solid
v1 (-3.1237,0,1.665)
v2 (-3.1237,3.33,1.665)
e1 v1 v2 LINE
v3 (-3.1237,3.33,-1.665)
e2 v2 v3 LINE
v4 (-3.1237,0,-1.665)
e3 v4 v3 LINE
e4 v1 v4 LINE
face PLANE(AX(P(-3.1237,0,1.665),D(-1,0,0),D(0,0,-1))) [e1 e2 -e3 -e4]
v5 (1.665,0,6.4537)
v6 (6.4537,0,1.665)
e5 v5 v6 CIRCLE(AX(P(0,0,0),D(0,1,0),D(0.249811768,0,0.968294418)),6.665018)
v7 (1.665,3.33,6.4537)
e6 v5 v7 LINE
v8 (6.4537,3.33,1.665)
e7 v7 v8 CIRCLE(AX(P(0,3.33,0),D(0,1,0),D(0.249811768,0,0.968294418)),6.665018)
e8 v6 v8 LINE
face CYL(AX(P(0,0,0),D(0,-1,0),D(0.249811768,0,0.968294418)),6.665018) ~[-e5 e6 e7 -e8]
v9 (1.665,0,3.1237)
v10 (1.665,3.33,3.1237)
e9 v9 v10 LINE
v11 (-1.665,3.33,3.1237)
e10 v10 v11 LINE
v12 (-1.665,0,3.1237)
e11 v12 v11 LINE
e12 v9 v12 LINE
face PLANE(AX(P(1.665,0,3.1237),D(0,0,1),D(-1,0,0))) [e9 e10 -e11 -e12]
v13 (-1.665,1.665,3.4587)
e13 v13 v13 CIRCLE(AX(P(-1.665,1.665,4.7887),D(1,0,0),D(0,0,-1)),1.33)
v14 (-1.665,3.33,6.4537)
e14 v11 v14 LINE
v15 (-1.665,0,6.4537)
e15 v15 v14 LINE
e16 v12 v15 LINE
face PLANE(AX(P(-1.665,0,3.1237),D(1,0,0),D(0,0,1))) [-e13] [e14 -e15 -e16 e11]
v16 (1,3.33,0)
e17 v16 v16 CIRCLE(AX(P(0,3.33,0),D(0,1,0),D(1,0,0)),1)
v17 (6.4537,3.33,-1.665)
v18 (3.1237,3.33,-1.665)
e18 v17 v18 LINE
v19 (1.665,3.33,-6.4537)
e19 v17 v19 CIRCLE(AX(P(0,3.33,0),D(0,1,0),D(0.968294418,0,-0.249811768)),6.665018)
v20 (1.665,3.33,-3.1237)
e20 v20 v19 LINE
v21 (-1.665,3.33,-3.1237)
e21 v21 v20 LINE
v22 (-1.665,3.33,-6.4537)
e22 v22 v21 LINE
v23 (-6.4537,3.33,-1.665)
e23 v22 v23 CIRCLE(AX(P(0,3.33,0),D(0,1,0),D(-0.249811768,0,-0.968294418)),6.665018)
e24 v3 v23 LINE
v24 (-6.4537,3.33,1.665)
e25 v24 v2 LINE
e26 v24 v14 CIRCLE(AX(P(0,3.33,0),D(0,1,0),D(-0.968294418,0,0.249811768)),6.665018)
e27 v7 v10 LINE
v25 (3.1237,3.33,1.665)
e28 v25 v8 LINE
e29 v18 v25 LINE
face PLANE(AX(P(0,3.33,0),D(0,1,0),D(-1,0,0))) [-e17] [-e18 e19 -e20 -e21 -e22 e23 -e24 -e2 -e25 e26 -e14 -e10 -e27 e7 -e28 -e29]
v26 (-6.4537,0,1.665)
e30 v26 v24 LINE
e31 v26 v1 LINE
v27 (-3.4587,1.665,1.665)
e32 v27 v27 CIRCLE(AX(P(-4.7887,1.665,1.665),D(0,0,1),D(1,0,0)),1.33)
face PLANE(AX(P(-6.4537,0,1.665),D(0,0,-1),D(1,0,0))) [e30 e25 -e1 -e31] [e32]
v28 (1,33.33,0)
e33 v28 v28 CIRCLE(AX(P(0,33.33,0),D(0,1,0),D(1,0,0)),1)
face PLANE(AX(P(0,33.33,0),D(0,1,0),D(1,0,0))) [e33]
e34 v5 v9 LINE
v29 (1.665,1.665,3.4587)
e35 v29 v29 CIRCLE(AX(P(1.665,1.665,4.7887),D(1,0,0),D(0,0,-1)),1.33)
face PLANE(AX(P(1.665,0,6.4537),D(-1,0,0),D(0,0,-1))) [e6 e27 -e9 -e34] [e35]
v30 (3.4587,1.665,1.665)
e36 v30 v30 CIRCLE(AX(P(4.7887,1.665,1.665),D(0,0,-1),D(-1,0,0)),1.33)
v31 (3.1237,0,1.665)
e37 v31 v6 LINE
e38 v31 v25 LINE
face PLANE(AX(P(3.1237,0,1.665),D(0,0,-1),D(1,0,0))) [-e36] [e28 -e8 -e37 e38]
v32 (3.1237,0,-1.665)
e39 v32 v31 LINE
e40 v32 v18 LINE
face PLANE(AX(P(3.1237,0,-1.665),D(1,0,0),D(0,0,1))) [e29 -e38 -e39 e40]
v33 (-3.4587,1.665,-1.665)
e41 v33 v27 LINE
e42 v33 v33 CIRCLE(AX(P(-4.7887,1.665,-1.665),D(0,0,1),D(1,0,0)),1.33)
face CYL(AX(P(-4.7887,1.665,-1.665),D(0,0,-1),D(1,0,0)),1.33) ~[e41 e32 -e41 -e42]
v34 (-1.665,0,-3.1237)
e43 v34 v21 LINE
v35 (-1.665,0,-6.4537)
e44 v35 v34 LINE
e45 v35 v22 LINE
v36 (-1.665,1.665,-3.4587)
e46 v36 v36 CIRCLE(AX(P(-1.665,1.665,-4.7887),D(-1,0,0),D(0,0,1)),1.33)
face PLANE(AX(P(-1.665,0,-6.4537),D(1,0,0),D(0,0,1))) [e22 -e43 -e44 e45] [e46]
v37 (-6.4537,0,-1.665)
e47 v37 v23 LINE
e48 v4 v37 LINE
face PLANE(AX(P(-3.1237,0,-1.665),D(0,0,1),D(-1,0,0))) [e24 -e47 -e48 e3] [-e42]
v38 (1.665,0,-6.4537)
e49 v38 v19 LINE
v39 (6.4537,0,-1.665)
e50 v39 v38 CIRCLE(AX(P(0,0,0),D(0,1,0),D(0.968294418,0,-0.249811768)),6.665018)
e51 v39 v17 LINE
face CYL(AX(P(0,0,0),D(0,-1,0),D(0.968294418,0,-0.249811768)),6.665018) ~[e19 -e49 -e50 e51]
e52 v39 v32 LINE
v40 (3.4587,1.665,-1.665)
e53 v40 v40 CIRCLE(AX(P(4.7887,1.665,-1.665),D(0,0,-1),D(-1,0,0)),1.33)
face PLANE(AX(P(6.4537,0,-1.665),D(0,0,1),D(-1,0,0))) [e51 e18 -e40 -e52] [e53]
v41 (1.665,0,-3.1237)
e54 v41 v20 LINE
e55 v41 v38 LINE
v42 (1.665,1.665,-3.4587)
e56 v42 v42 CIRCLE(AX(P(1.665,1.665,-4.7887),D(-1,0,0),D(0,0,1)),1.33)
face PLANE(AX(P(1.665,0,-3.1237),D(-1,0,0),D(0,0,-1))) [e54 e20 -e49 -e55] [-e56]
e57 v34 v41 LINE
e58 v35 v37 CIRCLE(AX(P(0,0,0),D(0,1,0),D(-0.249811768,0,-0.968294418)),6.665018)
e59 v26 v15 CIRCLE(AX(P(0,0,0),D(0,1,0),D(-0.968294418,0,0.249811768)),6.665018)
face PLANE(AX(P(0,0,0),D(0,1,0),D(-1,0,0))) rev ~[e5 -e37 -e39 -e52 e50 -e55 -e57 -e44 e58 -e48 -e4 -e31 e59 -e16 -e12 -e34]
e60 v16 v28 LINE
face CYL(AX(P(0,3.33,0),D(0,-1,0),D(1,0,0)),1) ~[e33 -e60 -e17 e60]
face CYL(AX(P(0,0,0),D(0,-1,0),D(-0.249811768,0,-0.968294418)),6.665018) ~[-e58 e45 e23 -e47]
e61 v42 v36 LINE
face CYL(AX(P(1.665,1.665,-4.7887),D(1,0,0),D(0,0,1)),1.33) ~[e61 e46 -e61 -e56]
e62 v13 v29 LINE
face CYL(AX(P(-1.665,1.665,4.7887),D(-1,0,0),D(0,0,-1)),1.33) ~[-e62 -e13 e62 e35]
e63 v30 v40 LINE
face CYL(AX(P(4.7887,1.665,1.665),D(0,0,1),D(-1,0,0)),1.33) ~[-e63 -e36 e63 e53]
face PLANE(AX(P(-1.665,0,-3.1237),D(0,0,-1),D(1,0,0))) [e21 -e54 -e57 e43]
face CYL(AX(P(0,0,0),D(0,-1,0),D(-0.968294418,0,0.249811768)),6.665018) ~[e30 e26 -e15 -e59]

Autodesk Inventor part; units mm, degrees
ref_plane "YZ Plane" through (0, 0, 0) normal (1, 0, 0) x (0, 1, 0)
ref_plane "XZ Plane" through (0, 0, 0) normal (0, 1, 0) x (-1, 0, 0)
ref_plane "XY Plane" through (0, 0, 0) normal (0, 0, 1) x (1, 0, 0)
sketch "Sketch1" plane through (0, 0, 0) normal (0, 1, 0) x (-1, 0, 0)
  line L0 (0, 6.665) -> (0, 4.1495) construction
  line L1 (0, 4.1495) -> (0, 0) construction
  line L2 (-1.665, 6.4537) -> (-1.665, 3.1237)
  line L3 (-1.665, 3.1237) -> (1.665, 3.1237)
  line L4 (1.665, 3.1237) -> (1.665, 6.4537)
  line L5 (1.665, 6.4537) -> (-1.665, 3.1237) construction
  line L6 (-1.665, 6.4537) -> (1.665, 3.1237) construction
  line L7 (-6.665, 0) -> (-4.1495, 0) construction
  line L8 (-4.1495, 0) -> (0, 0) construction
  line L9 (-6.4537, -1.665) -> (-3.1237, -1.665)
  line L10 (-3.1237, -1.665) -> (-3.1237, 1.665)
  line L11 (-3.1237, 1.665) -> (-6.4537, 1.665)
  line L12 (-6.4537, 1.665) -> (-3.1237, -1.665) construction
  line L13 (-6.4537, -1.665) -> (-3.1237, 1.665) construction
  line L14 (0, -6.665) -> (0, -4.1495) construction
  line L15 (0, -4.1495) -> (0, 0) construction
  line L16 (1.665, -6.4537) -> (1.665, -3.1237)
  line L17 (1.665, -3.1237) -> (-1.665, -3.1237)
  line L18 (-1.665, -3.1237) -> (-1.665, -6.4537)
  line L19 (-1.665, -6.4537) -> (1.665, -3.1237) construction
  line L20 (1.665, -6.4537) -> (-1.665, -3.1237) construction
  line L21 (6.665, 0) -> (4.1495, 0) construction
  line L22 (4.1495, 0) -> (0, 0) construction
  line L23 (6.4537, 1.665) -> (3.1237, 1.665)
  line L24 (3.1237, 1.665) -> (3.1237, -1.665)
  line L25 (3.1237, -1.665) -> (6.4537, -1.665)
  line L26 (6.4537, -1.665) -> (3.1237, 1.665) construction
  line L27 (6.4537, 1.665) -> (3.1237, -1.665) construction
  arc A0 (-1.665, 6.4537) -> (-6.4537, 1.665) centre (0, 0) ccw
  arc A1 (-6.4537, -1.665) -> (-1.665, -6.4537) centre (0, 0) ccw
  arc A2 (1.665, -6.4537) -> (6.4537, -1.665) centre (0, 0) ccw
  arc A3 (6.4537, 1.665) -> (1.665, 6.4537) centre (0, 0) ccw
  point P0 (0, 4.7887)
  point P1 (-4.7887, 0)
  point P2 (0, -4.7887)
  point P3 (4.7887, 0)
  dimension "d1" = 3.33
  dimension "d4" = 360
extrude "Extrusion1" add sketch "Sketch1" along normal blind 3.33
sketch "Sketch2" plane through (-1.665, 0, 6.4537) normal (1, 0, 0) x (0, 0, -1)
  line L0 (3.33, 0) -> (3.33, 3.33) construction
  line L1 (3.33, 1.665) -> (0, 1.665) construction
  line L2 (0, 0) -> (0, 3.33) construction
  circle A0 centre (1.665, 1.665) radius 1.33
  point P0 (6.4537, 0)
  dimension "d8" = 2.66
extrude "Extrusion2" add sketch "Sketch2" along normal blind 3.33
pattern_circular "Circular Pattern1" count 4 over 360 about axis through (0, 0, 0) along (0, 1, 0) of "Extrusion2"
sketch "Sketch3" plane through (0, 3.33, 0) normal (0, 1, 0) x (1, 0, 0)
  circle A0 centre (0, 0) radius 1
  dimension "d14" = 2
extrude "Extrusion3" add sketch "Sketch3" along normal blind 30
properties part number "G-6"
